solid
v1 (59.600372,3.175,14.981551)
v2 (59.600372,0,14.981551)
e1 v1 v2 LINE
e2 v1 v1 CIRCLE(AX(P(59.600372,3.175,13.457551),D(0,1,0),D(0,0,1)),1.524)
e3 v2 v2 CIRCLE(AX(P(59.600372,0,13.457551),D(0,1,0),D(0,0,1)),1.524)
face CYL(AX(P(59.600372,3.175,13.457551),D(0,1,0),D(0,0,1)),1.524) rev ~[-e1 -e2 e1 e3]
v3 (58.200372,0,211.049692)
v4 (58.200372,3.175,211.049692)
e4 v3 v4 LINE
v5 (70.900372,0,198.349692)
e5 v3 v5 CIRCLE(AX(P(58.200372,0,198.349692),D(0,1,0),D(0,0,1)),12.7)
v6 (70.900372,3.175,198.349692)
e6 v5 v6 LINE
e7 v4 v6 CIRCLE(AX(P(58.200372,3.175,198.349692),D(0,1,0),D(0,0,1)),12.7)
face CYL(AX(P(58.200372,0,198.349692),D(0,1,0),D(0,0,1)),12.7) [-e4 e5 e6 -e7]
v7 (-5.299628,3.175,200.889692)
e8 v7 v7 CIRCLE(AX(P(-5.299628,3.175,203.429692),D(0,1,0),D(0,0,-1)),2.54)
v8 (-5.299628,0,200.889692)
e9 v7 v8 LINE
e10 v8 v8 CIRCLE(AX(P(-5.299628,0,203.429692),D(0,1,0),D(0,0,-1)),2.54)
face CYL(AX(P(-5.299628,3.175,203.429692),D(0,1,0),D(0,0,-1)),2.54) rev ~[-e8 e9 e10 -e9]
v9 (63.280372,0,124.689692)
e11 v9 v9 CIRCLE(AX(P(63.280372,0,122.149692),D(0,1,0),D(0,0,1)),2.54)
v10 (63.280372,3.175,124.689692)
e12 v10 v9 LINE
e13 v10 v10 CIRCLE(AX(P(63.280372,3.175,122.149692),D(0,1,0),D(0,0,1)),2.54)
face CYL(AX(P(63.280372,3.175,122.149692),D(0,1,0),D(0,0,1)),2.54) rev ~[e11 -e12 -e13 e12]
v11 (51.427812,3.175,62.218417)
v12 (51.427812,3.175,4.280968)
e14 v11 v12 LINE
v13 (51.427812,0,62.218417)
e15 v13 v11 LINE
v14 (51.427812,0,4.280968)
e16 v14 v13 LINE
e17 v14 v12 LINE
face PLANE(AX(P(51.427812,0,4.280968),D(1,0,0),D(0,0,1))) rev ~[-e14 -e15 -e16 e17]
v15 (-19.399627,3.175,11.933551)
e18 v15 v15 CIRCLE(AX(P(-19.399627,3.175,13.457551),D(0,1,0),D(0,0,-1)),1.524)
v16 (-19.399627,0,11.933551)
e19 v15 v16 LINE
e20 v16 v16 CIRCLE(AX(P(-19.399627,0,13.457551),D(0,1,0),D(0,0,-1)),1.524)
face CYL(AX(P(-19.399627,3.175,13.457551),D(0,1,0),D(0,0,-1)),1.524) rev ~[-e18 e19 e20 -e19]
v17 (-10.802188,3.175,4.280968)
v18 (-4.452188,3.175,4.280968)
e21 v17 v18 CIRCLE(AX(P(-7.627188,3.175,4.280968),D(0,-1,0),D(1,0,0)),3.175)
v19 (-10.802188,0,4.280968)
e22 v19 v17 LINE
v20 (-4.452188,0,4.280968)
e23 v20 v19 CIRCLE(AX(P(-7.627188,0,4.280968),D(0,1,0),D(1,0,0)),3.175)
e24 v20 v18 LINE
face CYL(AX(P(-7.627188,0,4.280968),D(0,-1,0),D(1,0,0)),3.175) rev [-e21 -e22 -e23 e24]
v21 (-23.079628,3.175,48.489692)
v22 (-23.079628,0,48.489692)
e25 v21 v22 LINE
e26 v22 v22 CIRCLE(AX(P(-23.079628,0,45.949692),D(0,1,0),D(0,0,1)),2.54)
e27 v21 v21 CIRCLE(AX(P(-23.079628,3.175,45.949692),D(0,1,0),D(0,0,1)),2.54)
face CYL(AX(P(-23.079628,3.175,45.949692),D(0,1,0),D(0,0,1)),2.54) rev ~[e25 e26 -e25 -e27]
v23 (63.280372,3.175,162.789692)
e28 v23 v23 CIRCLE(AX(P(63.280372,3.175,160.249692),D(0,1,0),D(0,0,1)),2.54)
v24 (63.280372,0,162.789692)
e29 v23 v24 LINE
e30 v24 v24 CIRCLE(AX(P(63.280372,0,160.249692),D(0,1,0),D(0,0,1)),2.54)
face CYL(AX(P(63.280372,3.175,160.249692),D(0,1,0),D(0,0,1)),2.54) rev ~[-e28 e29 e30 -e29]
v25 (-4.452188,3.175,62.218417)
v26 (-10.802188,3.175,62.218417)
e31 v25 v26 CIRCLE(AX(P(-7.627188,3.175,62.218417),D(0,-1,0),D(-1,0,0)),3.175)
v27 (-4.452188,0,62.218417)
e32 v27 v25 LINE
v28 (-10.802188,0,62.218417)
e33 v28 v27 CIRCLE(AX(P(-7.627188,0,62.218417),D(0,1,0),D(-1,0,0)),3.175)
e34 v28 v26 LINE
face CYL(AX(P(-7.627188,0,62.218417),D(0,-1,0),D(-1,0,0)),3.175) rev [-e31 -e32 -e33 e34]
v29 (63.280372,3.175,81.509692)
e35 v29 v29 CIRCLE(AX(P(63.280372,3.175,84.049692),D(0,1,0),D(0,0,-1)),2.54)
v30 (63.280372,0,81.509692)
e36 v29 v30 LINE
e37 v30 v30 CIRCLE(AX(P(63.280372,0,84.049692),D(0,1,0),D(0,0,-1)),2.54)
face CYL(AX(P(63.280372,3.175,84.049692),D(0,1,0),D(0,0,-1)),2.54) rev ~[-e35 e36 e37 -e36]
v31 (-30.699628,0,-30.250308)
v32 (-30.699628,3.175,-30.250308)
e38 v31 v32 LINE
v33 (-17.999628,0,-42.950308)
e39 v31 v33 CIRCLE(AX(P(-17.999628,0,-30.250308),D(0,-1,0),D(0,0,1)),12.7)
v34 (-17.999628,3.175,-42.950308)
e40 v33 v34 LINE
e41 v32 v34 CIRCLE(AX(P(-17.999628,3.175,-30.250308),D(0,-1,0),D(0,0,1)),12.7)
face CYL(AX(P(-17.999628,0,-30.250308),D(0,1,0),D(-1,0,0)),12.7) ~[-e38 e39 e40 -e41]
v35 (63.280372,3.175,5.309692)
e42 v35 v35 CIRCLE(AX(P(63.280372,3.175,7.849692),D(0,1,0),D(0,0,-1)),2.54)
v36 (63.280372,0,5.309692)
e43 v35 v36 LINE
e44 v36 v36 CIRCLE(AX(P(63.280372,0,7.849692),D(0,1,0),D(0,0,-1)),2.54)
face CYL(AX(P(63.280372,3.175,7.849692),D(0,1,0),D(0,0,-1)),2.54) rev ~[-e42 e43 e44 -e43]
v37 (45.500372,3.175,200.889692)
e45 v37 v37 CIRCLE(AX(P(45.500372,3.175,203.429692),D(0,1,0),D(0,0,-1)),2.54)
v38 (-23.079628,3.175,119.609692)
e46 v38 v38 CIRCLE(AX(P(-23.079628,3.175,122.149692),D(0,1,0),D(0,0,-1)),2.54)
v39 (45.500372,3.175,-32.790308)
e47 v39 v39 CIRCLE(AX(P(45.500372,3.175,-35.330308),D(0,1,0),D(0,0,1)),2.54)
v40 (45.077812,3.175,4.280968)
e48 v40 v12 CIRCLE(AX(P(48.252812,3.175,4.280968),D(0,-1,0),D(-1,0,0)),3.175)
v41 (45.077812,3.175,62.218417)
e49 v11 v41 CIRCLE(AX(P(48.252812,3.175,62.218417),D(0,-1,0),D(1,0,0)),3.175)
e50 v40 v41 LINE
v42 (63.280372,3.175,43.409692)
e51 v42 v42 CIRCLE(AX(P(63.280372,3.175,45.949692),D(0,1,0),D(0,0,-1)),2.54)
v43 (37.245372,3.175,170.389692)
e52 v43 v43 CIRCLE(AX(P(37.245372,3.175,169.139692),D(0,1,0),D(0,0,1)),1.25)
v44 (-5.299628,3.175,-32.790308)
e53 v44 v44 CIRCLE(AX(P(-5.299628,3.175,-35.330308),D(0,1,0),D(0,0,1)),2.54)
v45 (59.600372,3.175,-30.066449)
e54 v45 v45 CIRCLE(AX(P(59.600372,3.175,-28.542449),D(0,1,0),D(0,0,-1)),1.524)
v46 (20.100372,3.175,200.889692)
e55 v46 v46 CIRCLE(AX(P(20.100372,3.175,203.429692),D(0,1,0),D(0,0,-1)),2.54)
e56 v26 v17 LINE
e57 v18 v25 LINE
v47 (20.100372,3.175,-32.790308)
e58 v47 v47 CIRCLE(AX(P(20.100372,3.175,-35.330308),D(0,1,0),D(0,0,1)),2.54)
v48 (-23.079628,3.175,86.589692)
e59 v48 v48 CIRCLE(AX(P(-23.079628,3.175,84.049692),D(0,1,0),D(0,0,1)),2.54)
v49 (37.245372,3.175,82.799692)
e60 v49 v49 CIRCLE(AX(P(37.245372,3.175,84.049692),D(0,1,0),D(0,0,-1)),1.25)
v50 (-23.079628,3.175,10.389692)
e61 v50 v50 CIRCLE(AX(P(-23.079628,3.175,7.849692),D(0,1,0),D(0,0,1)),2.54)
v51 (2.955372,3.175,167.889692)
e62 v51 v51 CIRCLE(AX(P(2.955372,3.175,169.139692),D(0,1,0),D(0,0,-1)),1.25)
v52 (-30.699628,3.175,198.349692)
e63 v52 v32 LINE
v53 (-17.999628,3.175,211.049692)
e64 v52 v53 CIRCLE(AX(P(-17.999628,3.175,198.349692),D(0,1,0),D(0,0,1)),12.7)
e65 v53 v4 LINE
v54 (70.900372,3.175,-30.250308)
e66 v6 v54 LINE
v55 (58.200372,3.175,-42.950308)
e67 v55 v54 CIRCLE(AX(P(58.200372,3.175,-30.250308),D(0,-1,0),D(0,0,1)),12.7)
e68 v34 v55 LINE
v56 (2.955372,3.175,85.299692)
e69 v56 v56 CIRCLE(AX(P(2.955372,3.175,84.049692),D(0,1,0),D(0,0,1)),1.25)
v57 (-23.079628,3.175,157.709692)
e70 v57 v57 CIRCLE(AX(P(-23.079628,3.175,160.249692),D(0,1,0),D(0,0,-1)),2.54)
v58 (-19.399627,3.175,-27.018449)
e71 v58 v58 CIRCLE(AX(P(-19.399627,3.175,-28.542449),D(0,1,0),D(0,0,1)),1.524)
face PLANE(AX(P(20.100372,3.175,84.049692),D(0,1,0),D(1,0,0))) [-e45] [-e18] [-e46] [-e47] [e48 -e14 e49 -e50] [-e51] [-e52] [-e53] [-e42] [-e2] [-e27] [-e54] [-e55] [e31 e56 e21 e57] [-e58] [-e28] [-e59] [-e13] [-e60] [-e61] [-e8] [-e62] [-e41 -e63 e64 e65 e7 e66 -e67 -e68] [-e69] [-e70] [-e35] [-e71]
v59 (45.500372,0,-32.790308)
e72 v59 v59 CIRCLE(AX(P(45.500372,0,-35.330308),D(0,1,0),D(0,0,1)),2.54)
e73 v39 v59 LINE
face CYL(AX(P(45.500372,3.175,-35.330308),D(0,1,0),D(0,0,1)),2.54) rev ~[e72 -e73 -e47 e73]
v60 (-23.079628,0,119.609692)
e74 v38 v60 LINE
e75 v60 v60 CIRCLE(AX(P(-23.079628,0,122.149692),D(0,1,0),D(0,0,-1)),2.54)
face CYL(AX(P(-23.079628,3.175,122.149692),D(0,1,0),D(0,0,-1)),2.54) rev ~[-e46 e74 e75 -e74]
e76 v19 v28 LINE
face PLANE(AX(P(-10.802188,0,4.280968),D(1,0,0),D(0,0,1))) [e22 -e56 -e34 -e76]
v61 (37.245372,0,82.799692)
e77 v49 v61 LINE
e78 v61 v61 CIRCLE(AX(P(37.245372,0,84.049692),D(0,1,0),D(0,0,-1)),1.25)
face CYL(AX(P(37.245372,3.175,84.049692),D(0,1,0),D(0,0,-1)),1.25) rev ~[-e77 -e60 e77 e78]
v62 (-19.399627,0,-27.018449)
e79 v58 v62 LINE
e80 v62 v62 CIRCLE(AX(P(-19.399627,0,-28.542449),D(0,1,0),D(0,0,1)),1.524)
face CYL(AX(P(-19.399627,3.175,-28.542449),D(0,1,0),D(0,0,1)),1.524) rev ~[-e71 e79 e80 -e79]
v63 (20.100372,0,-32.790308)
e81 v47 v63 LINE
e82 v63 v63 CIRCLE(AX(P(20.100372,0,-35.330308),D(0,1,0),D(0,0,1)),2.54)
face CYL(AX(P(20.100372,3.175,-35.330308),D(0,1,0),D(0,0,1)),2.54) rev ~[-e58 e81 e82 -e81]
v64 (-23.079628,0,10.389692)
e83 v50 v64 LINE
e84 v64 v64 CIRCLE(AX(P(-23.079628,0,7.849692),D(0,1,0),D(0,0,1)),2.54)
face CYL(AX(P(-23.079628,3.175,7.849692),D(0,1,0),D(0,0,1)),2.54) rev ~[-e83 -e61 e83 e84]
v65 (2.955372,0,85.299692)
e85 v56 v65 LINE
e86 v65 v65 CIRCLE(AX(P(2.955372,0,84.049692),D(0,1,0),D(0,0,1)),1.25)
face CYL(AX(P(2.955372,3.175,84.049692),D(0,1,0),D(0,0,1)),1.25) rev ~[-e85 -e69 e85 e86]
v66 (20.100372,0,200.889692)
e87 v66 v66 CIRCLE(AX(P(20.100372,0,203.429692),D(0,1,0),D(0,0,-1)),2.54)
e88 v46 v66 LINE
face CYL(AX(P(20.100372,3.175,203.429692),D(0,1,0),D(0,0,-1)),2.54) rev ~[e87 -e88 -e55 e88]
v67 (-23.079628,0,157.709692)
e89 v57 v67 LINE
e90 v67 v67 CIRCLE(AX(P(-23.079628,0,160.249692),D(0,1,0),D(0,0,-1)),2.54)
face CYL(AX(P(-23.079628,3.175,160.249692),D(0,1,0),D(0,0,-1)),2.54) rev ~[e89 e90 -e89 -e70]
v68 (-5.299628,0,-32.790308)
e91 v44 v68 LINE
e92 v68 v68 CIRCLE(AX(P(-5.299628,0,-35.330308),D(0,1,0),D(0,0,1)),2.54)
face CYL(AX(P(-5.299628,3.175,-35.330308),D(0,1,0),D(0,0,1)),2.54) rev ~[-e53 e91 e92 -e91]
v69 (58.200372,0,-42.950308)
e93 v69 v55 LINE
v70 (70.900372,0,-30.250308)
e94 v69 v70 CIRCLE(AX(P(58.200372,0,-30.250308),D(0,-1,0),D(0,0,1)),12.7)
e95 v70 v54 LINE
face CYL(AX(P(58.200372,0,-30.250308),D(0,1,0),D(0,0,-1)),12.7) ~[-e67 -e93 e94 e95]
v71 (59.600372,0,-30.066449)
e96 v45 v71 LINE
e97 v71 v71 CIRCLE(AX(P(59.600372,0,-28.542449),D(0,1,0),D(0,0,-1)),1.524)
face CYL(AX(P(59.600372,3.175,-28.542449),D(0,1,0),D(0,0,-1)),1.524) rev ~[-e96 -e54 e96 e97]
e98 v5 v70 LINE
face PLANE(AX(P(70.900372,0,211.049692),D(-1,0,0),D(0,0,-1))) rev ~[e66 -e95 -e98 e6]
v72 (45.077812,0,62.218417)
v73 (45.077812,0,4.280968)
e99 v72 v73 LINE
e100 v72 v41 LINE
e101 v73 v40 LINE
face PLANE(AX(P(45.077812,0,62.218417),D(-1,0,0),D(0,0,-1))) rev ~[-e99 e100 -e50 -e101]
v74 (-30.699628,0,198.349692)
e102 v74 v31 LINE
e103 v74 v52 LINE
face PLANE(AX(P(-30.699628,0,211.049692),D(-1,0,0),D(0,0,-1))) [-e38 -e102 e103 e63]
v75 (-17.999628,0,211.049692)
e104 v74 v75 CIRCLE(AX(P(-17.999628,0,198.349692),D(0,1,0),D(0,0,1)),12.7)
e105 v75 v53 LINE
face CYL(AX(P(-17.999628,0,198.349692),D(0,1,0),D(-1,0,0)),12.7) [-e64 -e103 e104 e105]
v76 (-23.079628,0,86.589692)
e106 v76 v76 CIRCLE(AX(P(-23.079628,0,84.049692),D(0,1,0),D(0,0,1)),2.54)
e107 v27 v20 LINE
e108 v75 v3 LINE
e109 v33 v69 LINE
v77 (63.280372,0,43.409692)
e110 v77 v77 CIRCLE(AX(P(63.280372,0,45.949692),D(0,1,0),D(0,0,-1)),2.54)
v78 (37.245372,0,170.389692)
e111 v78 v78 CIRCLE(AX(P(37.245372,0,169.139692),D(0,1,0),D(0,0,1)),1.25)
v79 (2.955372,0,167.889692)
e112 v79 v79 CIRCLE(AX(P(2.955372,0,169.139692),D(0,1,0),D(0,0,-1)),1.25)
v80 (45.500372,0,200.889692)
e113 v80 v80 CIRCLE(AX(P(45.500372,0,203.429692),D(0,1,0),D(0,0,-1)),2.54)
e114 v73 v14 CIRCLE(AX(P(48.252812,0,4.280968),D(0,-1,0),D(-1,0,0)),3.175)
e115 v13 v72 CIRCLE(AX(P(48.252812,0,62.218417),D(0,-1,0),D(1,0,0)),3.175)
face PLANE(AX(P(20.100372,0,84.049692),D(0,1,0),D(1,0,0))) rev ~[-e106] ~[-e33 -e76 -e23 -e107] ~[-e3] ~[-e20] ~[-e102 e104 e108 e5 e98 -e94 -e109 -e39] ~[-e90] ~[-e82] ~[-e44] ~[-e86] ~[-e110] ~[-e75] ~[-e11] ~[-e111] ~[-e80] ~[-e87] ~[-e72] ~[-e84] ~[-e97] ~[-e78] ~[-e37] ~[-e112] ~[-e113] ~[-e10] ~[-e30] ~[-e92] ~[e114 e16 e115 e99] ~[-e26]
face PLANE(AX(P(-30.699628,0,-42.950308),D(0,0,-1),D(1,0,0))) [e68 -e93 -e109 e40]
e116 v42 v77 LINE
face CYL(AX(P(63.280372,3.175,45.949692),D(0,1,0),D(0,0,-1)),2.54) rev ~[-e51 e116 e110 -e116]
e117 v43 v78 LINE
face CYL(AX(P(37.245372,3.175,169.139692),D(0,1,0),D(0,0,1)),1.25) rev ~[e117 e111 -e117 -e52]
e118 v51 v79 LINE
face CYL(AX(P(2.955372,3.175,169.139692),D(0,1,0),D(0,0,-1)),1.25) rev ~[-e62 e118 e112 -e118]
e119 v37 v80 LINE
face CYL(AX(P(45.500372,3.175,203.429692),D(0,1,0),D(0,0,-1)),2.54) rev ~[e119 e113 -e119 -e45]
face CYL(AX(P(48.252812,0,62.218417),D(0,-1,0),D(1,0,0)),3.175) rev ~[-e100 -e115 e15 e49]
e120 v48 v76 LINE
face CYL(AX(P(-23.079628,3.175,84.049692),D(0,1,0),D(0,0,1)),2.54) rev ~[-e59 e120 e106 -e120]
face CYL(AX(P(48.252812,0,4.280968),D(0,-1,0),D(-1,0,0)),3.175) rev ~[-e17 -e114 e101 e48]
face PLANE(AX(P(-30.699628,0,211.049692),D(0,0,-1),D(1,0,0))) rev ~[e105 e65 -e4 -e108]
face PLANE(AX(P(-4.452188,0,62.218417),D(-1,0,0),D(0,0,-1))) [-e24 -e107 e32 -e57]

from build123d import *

# Parameters (mm, degrees)
SKETCH1_W           = 101.6
SKETCH1_H           = 254
BOSS_EXTRUDE1_DEPTH = 3.175
SKETCH2_R           = 2.54
SKETCH2_R_2         = 1.25000004
SKETCH2_R_3         = 1.524
CUT_EXTRUDE1_DEPTH  = 223.663234681
FILLET1_R           = 12.7
CUT_EXTRUDE7_DEPTH  = 223.663234681


with BuildPart() as part:
    # Sketch1 → Boss-Extrude1 (new body)
    with BuildSketch(Plane(origin=(0, 0, 0), x_dir=(1, 0, 0), z_dir=(0, 1, 0))):
        with Locations((20.100372359, -84.049692378)):
            Rectangle(SKETCH1_W, SKETCH1_H)
    extrude(amount=BOSS_EXTRUDE1_DEPTH)

    # Sketch2 → Cut-Extrude1 (cut, through all)
    with BuildSketch(Plane(origin=(0, 3.175, 0), x_dir=(1, 0, 0), z_dir=(0, 1, 0))):
        with Locations(Location((-5.299627641, 35.330307622, 0), (0, 0, 270))):
            Circle(SKETCH2_R)
        with Locations(Location((20.100372359, 35.330307622, 0), (0, 0, 270))):
            Circle(SKETCH2_R)
        with Locations(Location((45.500372359, 35.330307622, 0), (0, 0, 270))):
            Circle(SKETCH2_R)
        with Locations(Location((-23.079627641, -84.049692378, 0), (0, 0, 270))):
            Circle(SKETCH2_R)
        with Locations(Location((-23.079627641, -45.949692378, 0), (0, 0, 270))):
            Circle(SKETCH2_R)
        with Locations(Location((-23.079627641, -7.849692378, 0), (0, 0, 270))):
            Circle(SKETCH2_R)
        with Locations(Location((63.280372359, -7.849692378, 0), (0, 0, 90))):
            Circle(SKETCH2_R)
        with Locations(Location((63.280372359, -45.949692378, 0), (0, 0, 90))):
            Circle(SKETCH2_R)
        with Locations(Location((63.280372359, -84.049692378, 0), (0, 0, 90))):
            Circle(SKETCH2_R)
        with Locations(Location((63.280372359, -122.149692378, 0), (0, 0, 270))):
            Circle(SKETCH2_R)
        with Locations(Location((63.280372359, -160.249692378, 0), (0, 0, 270))):
            Circle(SKETCH2_R)
        with Locations(Location((-23.079627641, -160.249692378, 0), (0, 0, 90))):
            Circle(SKETCH2_R)
        with Locations(Location((-23.079627641, -122.149692378, 0), (0, 0, 90))):
            Circle(SKETCH2_R)
        with Locations(Location((45.500372359, -203.429692378, 0), (0, 0, 90))):
            Circle(SKETCH2_R)
        with Locations(Location((20.100372359, -203.429692378, 0), (0, 0, 90))):
            Circle(SKETCH2_R)
        with Locations(Location((-5.299627641, -203.429692378, 0), (0, 0, 90))):
            Circle(SKETCH2_R)
        with Locations(Location((2.955372359, -84.049692378, 0), (0, 0, 270))):
            Circle(SKETCH2_R_2)
        with Locations(Location((37.245372359, -84.049692378, 0), (0, 0, 90))):
            Circle(SKETCH2_R_2)
        with Locations(Location((37.245372359, -169.139692378, 0), (0, 0, 270))):
            Circle(SKETCH2_R_2)
        with Locations(Location((2.955372359, -169.139692378, 0), (0, 0, 90))):
            Circle(SKETCH2_R_2)
        with Locations(Location((-19.399627381, 28.542449069, 0), (0, 0, 270))):
            Circle(SKETCH2_R_3)
        with Locations(Location((59.600372099, 28.542449069, 0), (0, 0, 90))):
            Circle(SKETCH2_R_3)
        with Locations(Location((59.600372099, -13.457550751, 0), (0, 0, 270))):
            Circle(SKETCH2_R_3)
        with Locations(Location((-19.399627381, -13.457550751, 0), (0, 0, 90))):
            Circle(SKETCH2_R_3)
    extrude(amount=-CUT_EXTRUDE1_DEPTH, mode=Mode.SUBTRACT)

    # Fillet1
    fillet1_edges = [part.edges().sort_by_distance(p)[0] for p in [
        (-30.699627641, 1.5875, -42.950307622),
        (70.900372359, 1.5875, -42.950307622),
        (70.900372359, 1.5875, 211.049692378),
        (-30.699627641, 1.5875, 211.049692378),
    ]]
    fillet(fillet1_edges, radius=FILLET1_R)

    # Sketch4 → Cut-Extrude7 (cut, through all)
    with BuildSketch(Plane(origin=(0, 0, 0), x_dir=(1, 0, 0), z_dir=(0, 1, 0))):
        with BuildLine():
            Line((51.42781247, -4.28096808), (51.42781247, -62.218416676))
            ThreePointArc((51.42781247, -62.218416676), (48.25281247, -65.393416676), (45.07781247, -62.218416676))
            Line((45.07781247, -62.218416676), (45.07781247, -4.28096808))
            ThreePointArc((45.07781247, -4.28096808), (48.25281247, -1.10596808), (51.42781247, -4.28096808))
        make_face()
        with BuildLine():
            Line((-10.80218753, -4.28096808), (-10.80218753, -62.218416676))
            ThreePointArc((-10.80218753, -62.218416676), (-7.62718753, -65.393416676), (-4.45218753, -62.218416676))
            Line((-4.45218753, -62.218416676), (-4.45218753, -4.28096808))
            ThreePointArc((-4.45218753, -4.28096808), (-7.62718753, -1.10596808), (-10.80218753, -4.28096808))
        make_face()
    extrude(amount=CUT_EXTRUDE7_DEPTH, mode=Mode.SUBTRACT)


solid = part.part
